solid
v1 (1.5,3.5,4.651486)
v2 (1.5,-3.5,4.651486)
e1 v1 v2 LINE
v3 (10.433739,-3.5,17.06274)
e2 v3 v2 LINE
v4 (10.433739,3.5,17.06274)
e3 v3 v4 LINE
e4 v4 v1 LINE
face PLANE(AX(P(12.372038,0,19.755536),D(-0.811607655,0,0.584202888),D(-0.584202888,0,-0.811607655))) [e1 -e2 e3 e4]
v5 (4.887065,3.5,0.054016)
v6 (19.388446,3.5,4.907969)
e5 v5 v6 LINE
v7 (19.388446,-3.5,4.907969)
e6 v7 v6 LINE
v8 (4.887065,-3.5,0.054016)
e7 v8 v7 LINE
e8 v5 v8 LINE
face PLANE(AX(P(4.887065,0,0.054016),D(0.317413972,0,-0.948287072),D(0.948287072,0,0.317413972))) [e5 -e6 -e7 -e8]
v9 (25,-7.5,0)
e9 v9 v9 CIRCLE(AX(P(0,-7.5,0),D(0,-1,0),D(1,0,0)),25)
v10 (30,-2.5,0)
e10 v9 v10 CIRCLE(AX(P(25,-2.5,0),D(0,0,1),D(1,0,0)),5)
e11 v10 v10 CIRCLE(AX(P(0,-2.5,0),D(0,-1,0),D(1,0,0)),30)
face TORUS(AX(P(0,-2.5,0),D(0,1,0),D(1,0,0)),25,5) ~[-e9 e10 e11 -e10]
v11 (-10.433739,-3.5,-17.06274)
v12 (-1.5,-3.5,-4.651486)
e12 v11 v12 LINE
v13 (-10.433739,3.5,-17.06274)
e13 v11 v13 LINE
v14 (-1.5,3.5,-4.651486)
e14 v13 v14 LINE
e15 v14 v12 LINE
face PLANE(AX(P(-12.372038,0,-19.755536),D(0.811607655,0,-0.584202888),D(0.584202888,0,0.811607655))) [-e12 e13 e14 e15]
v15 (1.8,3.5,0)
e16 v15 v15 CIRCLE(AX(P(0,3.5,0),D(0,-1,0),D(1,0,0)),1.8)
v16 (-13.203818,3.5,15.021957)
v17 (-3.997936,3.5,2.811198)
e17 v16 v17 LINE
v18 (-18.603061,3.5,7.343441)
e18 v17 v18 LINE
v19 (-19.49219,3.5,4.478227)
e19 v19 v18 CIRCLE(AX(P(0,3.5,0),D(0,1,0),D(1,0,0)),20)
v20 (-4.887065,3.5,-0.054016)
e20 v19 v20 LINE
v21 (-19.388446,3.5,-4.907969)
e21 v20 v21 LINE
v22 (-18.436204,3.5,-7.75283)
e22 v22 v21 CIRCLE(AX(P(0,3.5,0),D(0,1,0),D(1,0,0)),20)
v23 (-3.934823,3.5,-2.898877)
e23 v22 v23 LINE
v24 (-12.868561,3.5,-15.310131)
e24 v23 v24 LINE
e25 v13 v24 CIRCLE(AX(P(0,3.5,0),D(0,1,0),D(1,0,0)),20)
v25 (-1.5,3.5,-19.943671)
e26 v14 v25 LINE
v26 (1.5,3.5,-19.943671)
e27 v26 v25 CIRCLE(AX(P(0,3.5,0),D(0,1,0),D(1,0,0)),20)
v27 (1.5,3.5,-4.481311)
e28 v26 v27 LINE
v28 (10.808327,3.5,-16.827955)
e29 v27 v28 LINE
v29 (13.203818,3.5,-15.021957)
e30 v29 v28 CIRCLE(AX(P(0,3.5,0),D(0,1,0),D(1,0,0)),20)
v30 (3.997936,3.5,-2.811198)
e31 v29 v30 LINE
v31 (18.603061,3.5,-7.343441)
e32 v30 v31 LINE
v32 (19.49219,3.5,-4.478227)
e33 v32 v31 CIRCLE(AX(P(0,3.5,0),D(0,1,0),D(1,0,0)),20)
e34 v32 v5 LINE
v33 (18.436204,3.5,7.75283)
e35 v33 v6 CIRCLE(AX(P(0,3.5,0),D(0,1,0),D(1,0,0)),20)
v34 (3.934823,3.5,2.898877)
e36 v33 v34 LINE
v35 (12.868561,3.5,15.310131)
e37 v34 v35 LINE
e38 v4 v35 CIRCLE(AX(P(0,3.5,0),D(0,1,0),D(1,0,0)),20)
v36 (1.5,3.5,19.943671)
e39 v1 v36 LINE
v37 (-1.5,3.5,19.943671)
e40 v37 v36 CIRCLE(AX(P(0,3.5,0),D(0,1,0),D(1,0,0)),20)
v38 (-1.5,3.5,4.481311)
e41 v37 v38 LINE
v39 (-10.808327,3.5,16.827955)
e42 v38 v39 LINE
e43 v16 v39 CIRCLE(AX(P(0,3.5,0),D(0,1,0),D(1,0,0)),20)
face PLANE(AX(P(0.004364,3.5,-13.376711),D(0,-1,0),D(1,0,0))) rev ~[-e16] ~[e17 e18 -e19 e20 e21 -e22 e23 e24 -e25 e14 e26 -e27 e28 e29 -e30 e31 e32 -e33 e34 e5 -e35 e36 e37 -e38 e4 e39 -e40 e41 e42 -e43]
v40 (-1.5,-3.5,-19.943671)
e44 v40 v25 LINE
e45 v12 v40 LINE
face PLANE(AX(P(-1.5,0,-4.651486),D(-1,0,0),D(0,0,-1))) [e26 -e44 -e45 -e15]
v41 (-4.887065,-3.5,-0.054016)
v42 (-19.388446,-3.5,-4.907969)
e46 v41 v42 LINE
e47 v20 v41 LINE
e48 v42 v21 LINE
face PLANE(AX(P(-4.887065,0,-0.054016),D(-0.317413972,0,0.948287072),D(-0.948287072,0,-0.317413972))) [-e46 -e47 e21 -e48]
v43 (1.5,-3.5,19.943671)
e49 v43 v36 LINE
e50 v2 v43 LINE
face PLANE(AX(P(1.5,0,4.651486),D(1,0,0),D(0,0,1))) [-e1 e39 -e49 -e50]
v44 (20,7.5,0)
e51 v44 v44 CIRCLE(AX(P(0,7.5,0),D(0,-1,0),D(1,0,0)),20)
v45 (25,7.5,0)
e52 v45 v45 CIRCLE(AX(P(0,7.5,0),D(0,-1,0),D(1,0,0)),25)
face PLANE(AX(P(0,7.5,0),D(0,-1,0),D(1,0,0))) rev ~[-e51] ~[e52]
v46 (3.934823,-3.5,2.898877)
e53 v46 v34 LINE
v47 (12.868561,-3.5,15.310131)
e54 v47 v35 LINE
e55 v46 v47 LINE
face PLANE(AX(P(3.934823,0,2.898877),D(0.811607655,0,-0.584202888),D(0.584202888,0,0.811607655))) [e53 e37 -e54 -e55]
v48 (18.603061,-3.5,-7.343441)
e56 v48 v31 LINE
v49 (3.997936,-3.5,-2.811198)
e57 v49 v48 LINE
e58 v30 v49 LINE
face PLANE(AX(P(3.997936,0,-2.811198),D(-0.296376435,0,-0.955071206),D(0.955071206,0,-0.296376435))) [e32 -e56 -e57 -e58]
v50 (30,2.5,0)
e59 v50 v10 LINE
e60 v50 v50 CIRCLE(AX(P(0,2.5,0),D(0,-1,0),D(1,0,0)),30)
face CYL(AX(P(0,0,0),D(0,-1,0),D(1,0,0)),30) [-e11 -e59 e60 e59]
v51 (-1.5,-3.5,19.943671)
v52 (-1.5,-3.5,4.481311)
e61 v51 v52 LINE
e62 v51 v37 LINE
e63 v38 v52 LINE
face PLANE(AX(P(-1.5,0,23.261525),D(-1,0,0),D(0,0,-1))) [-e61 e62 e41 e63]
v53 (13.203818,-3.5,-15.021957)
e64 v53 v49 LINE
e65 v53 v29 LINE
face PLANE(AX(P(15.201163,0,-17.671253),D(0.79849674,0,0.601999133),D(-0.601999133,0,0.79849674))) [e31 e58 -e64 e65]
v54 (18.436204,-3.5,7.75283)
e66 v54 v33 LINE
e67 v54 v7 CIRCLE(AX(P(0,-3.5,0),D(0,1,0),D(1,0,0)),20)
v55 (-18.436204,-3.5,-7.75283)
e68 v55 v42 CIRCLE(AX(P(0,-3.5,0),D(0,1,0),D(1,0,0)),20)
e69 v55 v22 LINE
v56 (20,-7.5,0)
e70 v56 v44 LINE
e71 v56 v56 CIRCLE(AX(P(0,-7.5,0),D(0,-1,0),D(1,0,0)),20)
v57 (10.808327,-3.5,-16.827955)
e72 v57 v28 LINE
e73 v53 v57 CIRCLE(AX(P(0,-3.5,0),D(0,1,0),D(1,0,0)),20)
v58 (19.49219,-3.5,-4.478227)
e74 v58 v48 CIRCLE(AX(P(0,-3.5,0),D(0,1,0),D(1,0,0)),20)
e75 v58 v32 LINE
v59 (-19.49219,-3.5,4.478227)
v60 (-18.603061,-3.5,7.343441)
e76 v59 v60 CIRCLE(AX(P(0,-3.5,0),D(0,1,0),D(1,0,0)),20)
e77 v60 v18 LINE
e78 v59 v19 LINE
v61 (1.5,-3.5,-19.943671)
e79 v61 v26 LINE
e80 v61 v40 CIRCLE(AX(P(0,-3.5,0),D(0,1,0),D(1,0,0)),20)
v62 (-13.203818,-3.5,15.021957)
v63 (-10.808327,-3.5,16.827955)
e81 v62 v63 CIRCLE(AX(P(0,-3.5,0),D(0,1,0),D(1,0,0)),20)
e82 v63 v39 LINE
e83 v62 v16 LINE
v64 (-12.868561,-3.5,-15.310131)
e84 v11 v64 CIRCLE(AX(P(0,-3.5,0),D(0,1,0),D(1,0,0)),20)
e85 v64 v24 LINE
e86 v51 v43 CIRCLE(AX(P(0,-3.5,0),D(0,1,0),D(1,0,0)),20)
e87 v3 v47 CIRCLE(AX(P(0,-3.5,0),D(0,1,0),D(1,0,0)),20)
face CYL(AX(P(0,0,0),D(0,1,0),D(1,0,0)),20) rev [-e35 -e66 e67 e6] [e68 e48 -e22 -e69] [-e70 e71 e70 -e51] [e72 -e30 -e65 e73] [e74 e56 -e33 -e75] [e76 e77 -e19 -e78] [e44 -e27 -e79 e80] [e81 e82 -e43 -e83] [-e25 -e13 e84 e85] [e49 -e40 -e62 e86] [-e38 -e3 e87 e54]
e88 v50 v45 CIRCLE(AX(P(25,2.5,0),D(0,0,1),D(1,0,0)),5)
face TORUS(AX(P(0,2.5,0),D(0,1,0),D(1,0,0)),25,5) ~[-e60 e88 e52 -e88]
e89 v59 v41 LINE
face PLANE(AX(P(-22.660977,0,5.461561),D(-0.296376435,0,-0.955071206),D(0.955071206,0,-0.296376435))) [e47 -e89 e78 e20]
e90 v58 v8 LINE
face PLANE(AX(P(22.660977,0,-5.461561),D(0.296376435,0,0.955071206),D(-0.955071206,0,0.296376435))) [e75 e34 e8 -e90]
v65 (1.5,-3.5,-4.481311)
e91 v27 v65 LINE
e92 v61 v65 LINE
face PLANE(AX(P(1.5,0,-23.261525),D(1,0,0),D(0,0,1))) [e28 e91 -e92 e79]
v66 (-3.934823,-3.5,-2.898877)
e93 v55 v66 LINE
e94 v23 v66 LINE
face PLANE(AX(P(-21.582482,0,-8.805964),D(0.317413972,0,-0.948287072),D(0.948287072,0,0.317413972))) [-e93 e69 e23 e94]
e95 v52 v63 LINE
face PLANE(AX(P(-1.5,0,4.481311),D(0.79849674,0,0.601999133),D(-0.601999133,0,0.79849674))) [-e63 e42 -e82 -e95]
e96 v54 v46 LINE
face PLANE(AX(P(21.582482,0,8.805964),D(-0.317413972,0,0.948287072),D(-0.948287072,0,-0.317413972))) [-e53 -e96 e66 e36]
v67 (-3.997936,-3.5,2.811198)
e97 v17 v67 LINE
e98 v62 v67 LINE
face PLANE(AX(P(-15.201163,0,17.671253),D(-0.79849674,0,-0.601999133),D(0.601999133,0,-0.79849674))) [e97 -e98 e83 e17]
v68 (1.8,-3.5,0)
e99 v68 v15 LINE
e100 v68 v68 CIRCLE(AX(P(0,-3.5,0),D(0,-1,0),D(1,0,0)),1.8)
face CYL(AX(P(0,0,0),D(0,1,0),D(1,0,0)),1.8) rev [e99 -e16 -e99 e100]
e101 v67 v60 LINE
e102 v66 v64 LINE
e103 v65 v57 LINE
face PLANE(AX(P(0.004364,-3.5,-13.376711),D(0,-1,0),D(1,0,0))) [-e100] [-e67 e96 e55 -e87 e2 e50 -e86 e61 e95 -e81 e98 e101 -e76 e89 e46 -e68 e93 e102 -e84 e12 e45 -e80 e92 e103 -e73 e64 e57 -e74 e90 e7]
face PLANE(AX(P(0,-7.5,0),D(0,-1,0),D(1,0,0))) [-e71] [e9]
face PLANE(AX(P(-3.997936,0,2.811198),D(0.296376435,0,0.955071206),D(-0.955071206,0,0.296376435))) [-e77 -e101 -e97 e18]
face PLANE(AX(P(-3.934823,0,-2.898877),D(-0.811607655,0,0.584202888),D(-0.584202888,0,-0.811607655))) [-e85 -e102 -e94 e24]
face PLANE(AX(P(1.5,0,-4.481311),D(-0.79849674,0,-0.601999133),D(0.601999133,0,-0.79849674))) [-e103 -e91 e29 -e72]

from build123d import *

# Parameters (mm, degrees)
F2_DEPTH = 3.5
F0_R     = 30
F0_R_2   = 20
F3_DEPTH = 7.5
F4_R     = 4.000000066
F4_R_2   = 1.8
F5_DEPTH = 3.5
F6_R     = 5
F7_R     = 5


with BuildPart() as f2:
    # F1 (on Front) → F2 (new body, symmetric)
    with BuildSketch(Plane.XZ):
        Polygon((-1.5, -23.2615247369), (1.5, -23.2615247369), (1.5, -4.4813106249), (0.0279501338, -2.5287712352), (-1.5, -4.6514858813), align=None)
        Polygon((0.0279501338, -2.5287712352), (1.5, -4.4813106249), (1.5, -2.0360415442), (0.5866393147, -1.7526086625), align=None)
        Polygon((1.5, -2.0360415442), (1.5, -4.4813106249), (12.8056726102, -19.4772503728), (15.2011628307, -17.6712529742), (3.9979355773, -2.8111976138), align=None)
        Polygon((-12.3720384359, -19.755535883), (-1.5, -4.6514858813), (-1.5, -2.0838847412), (-3.9348229661, -2.8988772188), (-14.806861402, -18.0029272205), align=None)
        Polygon((-1.5, -2.0838847412), (-1.5, -4.6514858813), (0.0279501338, -2.5287712352), (-0.5477580826, -1.7651469889), align=None)
        Polygon((1.5, -1.0797142258), (1.5, -2.0360415442), (3.9979355773, -2.8111976138), (2.4522419174, -0.7609764734), align=None)
        Polygon((-3.9348229661, -2.8988772188), (-1.5, -2.0838847412), (-1.5, -1.1050855059), (-2.4348229661, -0.8149924776), align=None)
        Polygon((2.4522419174, -0.7609764734), (3.9979355773, -2.8111976138), (21.7718478308, -8.3267745926), (22.660977137, -5.4615609746), (4.8870648835, 0.0540160042), align=None)
        Polygon((-21.5824822139, -8.8059635798), (-3.9348229661, -2.8988772188), (-2.4348229661, -0.8149924776), (-4.8870648835, -0.0540160042), (-22.5347241314, -5.9611023652), align=None)
        Polygon((1.8630056265, 0.0205915252), (2.4522419174, -0.7609764734), (4.8870648835, 0.0540160042), (2.4348229661, 0.8149924776), align=None)
        Polygon((-4.8870648835, -0.0540160042), (-2.4348229661, -0.8149924776), (-1.8630056265, -0.0205915252), (-2.4522419174, 0.7609764734), align=None)
        Polygon((2.4348229661, 0.8149924776), (4.8870648835, 0.0540160042), (22.5347241314, 5.9611023652), (21.5824822139, 8.8059635798), (3.9348229661, 2.8988772188), align=None)
        Polygon((-22.660977137, 5.4615609746), (-4.8870648835, -0.0540160042), (-2.4522419174, 0.7609764734), (-3.9979355773, 2.8111976138), (-21.7718478308, 8.3267745926), align=None)
        Polygon((1.5, 2.0838847412), (1.5, 1.1050855059), (2.4348229661, 0.8149924776), (3.9348229661, 2.8988772188), align=None)
        Polygon((-2.4522419174, 0.7609764734), (-1.5, 1.0797142258), (-1.5, 2.0360415442), (-3.9979355773, 2.8111976138), align=None)
        Polygon((0.5477580826, 1.7651469889), (1.5, 2.0838847412), (1.5, 4.6514858813), (-0.0279501338, 2.5287712352), align=None)
        Polygon((1.5, 4.6514858813), (1.5, 2.0838847412), (3.9348229661, 2.8988772188), (14.806861402, 18.0029272205), (12.3720384359, 19.755535883), align=None)
        Polygon((-3.9979355773, 2.8111976138), (-1.5, 2.0360415442), (-1.5, 4.4813106249), (-12.8056726102, 19.4772503728), (-15.2011628307, 17.6712529742), align=None)
        Polygon((-1.5, 4.4813106249), (-1.5, 2.0360415442), (-0.5866393147, 1.7526086625), (-0.0279501338, 2.5287712352), align=None)
        Polygon((-0.0279501338, 2.5287712352), (1.5, 4.6514858813), (1.5, 23.2615247369), (-1.5, 23.2615247369), (-1.5, 4.4813106249), align=None)
    extrude(amount=F2_DEPTH, both=True)

    # F0 (on Front) → F3 (join, symmetric)
    with BuildSketch(Plane.XZ):
        Circle(F0_R)
        Circle(F0_R_2, mode=Mode.SUBTRACT)
    extrude(amount=F3_DEPTH, both=True)

    # F4 (on Front) → F5 (join, symmetric)
    with BuildSketch(Plane.XZ):
        Circle(F4_R)
        Circle(F4_R_2, mode=Mode.SUBTRACT)
    extrude(amount=F5_DEPTH, both=True)

    # F6
    f6_edges = [f2.edges().sort_by_distance(p)[0] for p in [
        (-30, -7.5, 0),
    ]]
    fillet(f6_edges, radius=F6_R)

    # F7
    f7_edges = [f2.edges().sort_by_distance(p)[0] for p in [
        (-30, 7.5, 0),
    ]]
    fillet(f7_edges, radius=F7_R)


solid = f2.part
